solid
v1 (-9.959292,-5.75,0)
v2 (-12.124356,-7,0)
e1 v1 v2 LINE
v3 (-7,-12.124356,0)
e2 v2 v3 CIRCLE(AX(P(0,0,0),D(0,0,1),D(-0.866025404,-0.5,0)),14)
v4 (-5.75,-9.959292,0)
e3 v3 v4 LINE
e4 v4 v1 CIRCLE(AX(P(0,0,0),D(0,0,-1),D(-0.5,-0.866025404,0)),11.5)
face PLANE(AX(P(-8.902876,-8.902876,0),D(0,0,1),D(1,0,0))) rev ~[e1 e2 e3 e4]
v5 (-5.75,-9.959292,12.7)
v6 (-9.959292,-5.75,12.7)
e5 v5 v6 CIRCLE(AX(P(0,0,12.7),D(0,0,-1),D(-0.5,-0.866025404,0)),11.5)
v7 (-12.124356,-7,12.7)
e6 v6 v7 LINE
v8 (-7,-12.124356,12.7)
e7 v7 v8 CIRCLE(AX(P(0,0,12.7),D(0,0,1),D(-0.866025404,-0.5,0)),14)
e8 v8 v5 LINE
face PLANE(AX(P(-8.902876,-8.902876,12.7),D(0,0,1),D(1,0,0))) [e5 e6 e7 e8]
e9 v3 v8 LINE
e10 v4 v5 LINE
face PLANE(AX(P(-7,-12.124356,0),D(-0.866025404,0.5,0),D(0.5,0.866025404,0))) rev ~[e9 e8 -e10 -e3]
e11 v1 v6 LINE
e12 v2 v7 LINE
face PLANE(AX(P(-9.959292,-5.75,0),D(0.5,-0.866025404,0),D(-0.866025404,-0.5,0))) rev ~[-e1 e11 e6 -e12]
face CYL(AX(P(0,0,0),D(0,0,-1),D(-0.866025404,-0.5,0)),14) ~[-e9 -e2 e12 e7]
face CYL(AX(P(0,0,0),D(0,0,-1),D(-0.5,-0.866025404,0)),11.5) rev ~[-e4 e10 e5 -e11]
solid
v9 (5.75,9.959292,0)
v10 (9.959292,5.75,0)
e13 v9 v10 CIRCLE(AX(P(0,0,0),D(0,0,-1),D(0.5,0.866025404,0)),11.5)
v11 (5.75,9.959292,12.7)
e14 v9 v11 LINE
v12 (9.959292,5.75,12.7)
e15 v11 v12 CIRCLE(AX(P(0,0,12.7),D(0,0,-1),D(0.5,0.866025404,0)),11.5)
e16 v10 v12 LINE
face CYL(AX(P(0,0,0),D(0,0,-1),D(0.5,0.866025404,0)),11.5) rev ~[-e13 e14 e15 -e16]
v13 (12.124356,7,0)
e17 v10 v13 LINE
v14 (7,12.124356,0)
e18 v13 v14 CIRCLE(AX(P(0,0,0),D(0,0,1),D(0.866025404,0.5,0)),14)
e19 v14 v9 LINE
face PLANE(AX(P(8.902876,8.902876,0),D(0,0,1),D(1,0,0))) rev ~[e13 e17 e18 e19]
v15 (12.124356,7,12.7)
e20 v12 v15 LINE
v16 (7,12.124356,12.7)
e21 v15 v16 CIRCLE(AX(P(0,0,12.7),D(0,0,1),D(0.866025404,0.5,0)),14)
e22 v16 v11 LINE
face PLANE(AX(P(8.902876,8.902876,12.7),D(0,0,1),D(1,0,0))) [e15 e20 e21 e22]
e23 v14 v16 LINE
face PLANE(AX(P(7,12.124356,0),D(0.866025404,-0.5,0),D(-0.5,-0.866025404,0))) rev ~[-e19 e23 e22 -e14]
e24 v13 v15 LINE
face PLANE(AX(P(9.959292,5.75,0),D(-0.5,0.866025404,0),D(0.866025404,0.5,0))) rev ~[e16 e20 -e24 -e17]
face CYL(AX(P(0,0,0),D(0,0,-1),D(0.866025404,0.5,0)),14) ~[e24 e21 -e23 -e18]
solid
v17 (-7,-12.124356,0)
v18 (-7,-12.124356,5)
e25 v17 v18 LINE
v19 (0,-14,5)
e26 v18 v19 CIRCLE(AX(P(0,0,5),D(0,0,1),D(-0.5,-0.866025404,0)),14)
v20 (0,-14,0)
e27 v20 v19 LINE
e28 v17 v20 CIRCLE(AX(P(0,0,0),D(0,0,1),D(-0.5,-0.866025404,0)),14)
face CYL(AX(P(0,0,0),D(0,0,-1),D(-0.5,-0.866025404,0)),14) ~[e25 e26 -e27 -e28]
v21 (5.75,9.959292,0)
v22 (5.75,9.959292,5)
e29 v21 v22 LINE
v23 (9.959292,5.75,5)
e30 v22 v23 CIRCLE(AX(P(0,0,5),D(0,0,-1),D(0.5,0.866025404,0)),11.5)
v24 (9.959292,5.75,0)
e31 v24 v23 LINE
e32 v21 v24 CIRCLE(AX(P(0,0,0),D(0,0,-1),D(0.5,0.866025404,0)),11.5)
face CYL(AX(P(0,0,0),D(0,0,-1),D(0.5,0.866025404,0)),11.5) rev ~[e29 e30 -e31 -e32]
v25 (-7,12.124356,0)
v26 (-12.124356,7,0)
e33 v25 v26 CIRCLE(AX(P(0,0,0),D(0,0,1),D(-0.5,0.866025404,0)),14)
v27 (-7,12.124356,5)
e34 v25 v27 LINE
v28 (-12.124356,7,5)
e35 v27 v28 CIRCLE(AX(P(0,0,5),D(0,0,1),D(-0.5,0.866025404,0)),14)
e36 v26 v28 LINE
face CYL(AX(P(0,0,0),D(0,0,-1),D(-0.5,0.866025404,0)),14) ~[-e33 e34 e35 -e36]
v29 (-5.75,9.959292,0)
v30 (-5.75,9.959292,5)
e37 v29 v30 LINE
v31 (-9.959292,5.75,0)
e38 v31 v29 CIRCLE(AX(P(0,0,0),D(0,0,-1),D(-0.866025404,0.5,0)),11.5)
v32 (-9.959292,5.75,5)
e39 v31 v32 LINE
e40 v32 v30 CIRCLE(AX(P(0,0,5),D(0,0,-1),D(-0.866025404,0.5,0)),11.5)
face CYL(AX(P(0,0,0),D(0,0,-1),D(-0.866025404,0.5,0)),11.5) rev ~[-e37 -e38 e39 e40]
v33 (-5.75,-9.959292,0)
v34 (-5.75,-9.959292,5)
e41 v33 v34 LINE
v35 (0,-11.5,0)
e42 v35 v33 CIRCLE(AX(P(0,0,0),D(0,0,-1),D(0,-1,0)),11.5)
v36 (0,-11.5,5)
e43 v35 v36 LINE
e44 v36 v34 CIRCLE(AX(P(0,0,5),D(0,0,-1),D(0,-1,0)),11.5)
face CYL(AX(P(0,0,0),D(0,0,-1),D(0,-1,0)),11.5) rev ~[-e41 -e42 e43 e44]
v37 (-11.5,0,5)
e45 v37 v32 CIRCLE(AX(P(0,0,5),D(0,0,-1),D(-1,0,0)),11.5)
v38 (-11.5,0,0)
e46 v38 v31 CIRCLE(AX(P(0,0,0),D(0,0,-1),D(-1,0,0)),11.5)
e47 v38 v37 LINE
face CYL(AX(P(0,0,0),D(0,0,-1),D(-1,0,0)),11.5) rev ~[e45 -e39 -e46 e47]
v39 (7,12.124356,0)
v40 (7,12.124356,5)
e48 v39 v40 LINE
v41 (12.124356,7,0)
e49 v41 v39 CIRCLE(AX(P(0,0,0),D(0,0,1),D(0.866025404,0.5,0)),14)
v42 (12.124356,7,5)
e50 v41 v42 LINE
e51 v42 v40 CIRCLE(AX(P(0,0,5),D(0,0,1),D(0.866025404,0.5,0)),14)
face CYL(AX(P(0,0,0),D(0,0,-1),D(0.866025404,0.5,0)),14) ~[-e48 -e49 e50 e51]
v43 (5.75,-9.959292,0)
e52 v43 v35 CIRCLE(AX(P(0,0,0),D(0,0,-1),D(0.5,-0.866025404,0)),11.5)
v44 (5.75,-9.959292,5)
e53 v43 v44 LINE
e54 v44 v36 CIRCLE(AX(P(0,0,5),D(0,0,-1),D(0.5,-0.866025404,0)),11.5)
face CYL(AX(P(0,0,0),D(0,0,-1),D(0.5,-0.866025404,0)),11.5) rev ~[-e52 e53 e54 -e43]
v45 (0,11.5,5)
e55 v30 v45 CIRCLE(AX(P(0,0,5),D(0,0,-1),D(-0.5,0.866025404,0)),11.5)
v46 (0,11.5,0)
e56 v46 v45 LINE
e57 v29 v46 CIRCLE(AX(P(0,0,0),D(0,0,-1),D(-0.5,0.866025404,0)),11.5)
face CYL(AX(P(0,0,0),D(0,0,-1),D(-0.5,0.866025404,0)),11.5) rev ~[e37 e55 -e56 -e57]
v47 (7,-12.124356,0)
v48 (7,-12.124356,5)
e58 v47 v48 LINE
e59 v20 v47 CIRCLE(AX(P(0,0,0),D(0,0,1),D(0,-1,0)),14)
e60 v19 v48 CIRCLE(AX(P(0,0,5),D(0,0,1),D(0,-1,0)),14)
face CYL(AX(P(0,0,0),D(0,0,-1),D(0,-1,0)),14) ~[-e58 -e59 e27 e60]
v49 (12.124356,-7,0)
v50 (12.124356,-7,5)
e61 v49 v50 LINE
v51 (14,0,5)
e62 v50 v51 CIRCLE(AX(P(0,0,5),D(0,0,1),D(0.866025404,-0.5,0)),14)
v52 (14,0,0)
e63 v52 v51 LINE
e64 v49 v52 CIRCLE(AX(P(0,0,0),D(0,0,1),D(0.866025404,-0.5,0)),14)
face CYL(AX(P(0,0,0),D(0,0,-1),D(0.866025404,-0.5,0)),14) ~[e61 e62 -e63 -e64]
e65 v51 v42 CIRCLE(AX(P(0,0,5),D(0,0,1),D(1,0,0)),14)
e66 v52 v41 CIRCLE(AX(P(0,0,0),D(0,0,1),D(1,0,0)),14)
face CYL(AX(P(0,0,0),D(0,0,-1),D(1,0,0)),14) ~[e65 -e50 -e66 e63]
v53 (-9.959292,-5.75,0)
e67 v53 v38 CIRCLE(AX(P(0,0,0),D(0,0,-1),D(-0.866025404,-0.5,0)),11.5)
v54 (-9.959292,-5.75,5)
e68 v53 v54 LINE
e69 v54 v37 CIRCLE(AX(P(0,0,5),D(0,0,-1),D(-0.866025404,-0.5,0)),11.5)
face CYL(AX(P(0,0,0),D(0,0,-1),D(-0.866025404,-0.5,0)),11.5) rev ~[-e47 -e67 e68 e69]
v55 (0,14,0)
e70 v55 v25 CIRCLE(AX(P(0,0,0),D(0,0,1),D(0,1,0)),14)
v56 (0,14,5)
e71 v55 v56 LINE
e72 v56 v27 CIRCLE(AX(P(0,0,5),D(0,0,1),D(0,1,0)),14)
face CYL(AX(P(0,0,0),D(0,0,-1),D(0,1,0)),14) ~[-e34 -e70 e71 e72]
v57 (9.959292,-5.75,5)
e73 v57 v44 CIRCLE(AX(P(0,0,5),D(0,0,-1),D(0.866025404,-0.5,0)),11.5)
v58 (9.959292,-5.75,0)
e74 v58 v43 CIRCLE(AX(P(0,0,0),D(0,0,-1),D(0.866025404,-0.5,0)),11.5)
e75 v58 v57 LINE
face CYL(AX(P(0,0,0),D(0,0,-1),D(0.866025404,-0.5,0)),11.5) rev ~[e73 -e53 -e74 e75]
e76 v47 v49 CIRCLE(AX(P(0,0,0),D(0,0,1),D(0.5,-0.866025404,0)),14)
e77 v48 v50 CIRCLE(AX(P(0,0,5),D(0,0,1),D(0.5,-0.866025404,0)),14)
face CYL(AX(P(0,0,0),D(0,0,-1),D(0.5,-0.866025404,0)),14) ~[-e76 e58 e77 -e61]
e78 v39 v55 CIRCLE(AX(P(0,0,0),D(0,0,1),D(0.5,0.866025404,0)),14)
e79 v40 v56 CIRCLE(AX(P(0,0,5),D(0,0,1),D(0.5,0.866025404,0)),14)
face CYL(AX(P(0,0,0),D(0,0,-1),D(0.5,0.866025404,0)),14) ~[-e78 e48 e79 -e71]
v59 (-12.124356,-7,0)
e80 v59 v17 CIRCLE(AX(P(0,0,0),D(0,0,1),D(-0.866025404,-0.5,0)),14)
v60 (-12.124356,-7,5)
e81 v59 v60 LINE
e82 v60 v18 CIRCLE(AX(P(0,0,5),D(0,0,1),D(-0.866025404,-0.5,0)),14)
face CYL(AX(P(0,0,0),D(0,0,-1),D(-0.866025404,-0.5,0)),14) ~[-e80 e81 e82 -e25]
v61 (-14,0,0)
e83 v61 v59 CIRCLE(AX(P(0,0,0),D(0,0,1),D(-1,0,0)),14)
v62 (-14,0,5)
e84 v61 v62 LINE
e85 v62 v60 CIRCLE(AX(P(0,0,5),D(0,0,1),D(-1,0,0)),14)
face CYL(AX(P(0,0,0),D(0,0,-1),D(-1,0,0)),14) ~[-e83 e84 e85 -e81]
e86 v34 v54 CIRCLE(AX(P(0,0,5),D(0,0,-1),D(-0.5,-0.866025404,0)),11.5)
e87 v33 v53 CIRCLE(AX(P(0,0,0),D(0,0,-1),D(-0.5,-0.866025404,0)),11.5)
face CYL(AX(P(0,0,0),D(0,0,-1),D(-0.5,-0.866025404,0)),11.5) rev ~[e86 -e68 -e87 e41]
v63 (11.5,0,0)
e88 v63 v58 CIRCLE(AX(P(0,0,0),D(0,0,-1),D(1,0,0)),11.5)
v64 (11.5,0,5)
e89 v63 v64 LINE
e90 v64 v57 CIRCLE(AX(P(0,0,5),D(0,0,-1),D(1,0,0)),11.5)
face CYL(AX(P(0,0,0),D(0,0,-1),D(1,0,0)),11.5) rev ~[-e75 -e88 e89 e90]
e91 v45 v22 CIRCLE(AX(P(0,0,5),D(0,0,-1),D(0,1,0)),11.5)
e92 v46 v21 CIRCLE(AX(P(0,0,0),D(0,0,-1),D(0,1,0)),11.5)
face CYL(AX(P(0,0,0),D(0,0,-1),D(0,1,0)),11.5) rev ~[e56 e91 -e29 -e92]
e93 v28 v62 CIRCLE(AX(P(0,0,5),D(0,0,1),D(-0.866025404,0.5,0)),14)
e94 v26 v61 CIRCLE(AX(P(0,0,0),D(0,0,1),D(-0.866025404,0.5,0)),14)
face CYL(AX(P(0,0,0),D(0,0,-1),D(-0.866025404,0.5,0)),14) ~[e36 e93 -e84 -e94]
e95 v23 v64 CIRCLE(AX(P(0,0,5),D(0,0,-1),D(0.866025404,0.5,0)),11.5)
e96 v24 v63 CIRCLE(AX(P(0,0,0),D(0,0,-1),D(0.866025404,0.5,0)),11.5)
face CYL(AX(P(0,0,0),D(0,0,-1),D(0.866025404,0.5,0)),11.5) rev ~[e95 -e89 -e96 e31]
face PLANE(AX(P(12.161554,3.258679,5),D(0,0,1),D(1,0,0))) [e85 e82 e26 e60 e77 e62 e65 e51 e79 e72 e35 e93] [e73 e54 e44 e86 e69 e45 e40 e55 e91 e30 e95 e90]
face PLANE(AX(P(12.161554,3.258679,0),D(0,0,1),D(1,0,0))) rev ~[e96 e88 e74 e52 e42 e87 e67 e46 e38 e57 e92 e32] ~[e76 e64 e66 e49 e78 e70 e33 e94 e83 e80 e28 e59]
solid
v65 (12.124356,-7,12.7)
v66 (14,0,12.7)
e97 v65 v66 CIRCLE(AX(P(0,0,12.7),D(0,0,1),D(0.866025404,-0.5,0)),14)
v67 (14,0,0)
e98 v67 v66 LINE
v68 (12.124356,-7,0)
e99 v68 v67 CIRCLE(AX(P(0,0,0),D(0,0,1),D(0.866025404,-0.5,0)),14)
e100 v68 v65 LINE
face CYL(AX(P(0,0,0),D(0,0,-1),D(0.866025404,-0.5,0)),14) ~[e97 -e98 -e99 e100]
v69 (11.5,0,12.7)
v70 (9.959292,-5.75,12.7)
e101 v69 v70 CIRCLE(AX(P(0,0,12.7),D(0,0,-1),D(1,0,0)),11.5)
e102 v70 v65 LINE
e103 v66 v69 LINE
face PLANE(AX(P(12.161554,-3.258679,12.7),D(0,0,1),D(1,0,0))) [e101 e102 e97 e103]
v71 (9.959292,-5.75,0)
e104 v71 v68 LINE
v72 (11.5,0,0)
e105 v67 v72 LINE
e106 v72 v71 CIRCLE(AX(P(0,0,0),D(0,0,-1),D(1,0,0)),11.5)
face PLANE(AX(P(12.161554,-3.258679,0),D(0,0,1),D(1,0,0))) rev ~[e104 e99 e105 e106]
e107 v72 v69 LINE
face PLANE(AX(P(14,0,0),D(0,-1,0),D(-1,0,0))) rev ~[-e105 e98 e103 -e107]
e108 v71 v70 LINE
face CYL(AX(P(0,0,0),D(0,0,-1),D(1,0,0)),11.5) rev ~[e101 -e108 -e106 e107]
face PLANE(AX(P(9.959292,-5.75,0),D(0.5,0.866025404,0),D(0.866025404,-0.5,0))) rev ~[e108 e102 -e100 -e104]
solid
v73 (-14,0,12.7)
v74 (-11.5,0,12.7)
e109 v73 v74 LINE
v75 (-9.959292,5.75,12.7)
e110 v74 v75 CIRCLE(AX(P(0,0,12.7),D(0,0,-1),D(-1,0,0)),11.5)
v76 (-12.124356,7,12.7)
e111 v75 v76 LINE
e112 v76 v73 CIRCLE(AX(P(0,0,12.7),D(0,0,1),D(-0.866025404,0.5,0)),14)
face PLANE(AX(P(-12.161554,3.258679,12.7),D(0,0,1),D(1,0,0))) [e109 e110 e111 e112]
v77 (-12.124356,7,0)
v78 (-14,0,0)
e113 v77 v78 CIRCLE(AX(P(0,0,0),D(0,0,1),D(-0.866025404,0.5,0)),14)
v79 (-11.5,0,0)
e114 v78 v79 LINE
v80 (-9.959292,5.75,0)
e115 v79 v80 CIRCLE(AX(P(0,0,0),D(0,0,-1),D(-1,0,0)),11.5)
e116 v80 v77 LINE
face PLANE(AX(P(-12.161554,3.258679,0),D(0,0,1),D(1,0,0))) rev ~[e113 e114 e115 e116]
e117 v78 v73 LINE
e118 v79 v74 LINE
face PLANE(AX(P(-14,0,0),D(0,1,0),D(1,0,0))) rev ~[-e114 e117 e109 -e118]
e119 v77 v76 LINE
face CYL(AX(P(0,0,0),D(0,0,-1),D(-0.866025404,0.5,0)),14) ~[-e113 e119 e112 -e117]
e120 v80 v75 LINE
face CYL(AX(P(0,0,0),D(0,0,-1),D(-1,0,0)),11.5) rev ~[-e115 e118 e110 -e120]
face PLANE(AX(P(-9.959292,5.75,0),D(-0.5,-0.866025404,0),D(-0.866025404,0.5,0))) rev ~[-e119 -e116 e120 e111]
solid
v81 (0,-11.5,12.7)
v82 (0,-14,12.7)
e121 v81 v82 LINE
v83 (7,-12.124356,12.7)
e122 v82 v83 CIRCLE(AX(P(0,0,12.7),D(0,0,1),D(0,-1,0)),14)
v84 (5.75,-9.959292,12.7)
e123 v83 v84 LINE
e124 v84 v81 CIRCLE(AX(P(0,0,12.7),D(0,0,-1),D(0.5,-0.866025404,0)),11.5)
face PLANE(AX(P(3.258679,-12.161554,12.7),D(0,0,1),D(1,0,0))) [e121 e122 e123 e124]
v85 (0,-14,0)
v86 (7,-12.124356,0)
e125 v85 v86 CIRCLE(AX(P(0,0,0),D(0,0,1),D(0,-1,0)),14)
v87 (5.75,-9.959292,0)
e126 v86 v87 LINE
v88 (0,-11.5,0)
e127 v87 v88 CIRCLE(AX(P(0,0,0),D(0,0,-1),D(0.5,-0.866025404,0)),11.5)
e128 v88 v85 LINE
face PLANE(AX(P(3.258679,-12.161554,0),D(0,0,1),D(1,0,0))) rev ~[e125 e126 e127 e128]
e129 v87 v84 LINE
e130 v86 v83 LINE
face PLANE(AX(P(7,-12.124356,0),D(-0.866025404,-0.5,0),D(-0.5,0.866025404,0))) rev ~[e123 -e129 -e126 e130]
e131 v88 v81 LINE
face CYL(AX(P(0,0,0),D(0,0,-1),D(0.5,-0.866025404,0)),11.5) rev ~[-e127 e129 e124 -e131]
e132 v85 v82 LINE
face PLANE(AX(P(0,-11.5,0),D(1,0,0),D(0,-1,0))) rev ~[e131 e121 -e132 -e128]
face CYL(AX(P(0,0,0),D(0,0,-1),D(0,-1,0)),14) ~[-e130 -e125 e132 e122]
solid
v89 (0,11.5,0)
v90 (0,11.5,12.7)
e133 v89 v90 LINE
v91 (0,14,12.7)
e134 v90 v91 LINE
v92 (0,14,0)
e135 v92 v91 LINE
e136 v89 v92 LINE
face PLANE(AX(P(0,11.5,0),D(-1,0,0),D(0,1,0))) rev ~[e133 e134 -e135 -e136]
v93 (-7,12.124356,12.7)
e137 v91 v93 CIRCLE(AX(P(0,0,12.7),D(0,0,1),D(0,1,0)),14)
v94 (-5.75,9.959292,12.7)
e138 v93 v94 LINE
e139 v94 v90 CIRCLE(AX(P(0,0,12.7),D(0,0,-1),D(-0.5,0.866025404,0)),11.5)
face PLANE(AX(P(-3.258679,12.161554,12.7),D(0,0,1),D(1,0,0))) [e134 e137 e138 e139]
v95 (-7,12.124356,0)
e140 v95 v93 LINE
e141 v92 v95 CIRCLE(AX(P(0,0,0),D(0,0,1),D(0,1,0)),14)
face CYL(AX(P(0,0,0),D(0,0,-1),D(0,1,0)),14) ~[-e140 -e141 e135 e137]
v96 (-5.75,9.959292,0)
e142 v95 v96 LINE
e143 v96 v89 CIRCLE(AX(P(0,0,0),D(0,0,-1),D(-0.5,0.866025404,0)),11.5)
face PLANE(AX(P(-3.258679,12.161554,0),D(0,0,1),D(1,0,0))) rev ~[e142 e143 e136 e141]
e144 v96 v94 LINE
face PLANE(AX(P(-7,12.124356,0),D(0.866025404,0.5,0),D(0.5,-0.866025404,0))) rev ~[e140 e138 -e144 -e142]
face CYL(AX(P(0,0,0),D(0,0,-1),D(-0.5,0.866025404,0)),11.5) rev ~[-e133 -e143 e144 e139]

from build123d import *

# Parameters (mm, degrees)
F1_DEPTH = 12.7
F2_DEPTH = 5


with BuildPart() as f1:
    # F0 (on Top) → F1 (new body)
    with BuildSketch(Plane.XY):
        with BuildLine():
            Line((0, 11.5), (0, 14))
            ThreePointArc((0, 14), (-3.6234666314, 13.522961568), (-7, 12.124355653))
            Line((-7, 12.124355653), (-5.75, 9.9592921435))
            ThreePointArc((-5.75, 9.9592921435), (-2.9764190187, 11.1081470023), (0, 11.5))
        make_face()
    extrude(amount=F1_DEPTH)


with BuildPart() as f1b:
    # F0 (on Top) → F1, piece 2 (new body)
    with BuildSketch(Plane.XY):
        with BuildLine():
            Line((-14, 0), (-11.5, 0))
            ThreePointArc((-11.5, 0), (-11.1081470023, 2.9764190187), (-9.9592921435, 5.75))
            Line((-9.9592921435, 5.75), (-12.124355653, 7))
            ThreePointArc((-12.124355653, 7), (-13.522961568, 3.6234666314), (-14, 0))
        make_face()
    extrude(amount=F1_DEPTH)


with BuildPart() as f1c:
    # F0 (on Top) → F1, piece 3 (new body)
    with BuildSketch(Plane.XY):
        with BuildLine():
            Line((9.9592921435, 5.75), (12.124355653, 7))
            ThreePointArc((12.124355653, 7), (9.8994949366, 9.8994949366), (7, 12.124355653))
            Line((7, 12.124355653), (5.75, 9.9592921435))
            ThreePointArc((5.75, 9.9592921435), (8.1317279836, 8.1317279836), (9.9592921435, 5.75))
        make_face()
    extrude(amount=F1_DEPTH)


with BuildPart() as f1d:
    # F0 (on Top) → F1, piece 4 (new body)
    with BuildSketch(Plane.XY):
        with BuildLine():
            ThreePointArc((12.124355653, -7), (13.522961568, -3.6234666314), (14, 0))
            Line((14, 0), (11.5, 0))
            ThreePointArc((11.5, 0), (11.1081470023, -2.9764190187), (9.9592921435, -5.75))
            Line((9.9592921435, -5.75), (12.124355653, -7))
        make_face()
    extrude(amount=F1_DEPTH)


with BuildPart() as f1e:
    # F0 (on Top) → F1, piece 5 (new body)
    with BuildSketch(Plane.XY):
        with BuildLine():
            ThreePointArc((0, -14), (3.6234666314, -13.522961568), (7, -12.124355653))
            Line((7, -12.124355653), (5.75, -9.9592921435))
            ThreePointArc((5.75, -9.9592921435), (2.9764190187, -11.1081470023), (0, -11.5))
            Line((0, -11.5), (0, -14))
        make_face()
    extrude(amount=F1_DEPTH)


with BuildPart() as f1f:
    # F0 (on Top) → F1, piece 6 (new body)
    with BuildSketch(Plane.XY):
        with BuildLine():
            ThreePointArc((-5.75, -9.9592921435), (-8.1317279836, -8.1317279836), (-9.9592921435, -5.75))
            Line((-9.9592921435, -5.75), (-12.124355653, -7))
            ThreePointArc((-12.124355653, -7), (-9.8994949366, -9.8994949366), (-7, -12.124355653))
            Line((-7, -12.124355653), (-5.75, -9.9592921435))
        make_face()
    extrude(amount=F1_DEPTH)


with BuildPart() as f2:
    # F0 (on Top) → F2 (new body)
    with BuildSketch(Plane.XY):
        with BuildLine():
            Line((11.5, 0), (14, 0))
            ThreePointArc((14, 0), (13.522961568, 3.6234666314), (12.124355653, 7))
            Line((12.124355653, 7), (9.9592921435, 5.75))
            ThreePointArc((9.9592921435, 5.75), (11.1081470023, 2.9764190187), (11.5, 0))
        make_face()
        with BuildLine():
            ThreePointArc((12.124355653, -7), (13.522961568, -3.6234666314), (14, 0))
            Line((14, 0), (11.5, 0))
            ThreePointArc((11.5, 0), (11.1081470023, -2.9764190187), (9.9592921435, -5.75))
            Line((9.9592921435, -5.75), (12.124355653, -7))
        make_face()
        with BuildLine():
            Line((9.9592921435, 5.75), (12.124355653, 7))
            ThreePointArc((12.124355653, 7), (9.8994949366, 9.8994949366), (7, 12.124355653))
            Line((7, 12.124355653), (5.75, 9.9592921435))
            ThreePointArc((5.75, 9.9592921435), (8.1317279836, 8.1317279836), (9.9592921435, 5.75))
        make_face()
        with BuildLine():
            ThreePointArc((7, -12.124355653), (9.8994949366, -9.8994949366), (12.124355653, -7))
            Line((12.124355653, -7), (9.9592921435, -5.75))
            ThreePointArc((9.9592921435, -5.75), (8.1317279836, -8.1317279836), (5.75, -9.9592921435))
            Line((5.75, -9.9592921435), (7, -12.124355653))
        make_face()
        with BuildLine():
            Line((5.75, 9.9592921435), (7, 12.124355653))
            ThreePointArc((7, 12.124355653), (3.6234666314, 13.522961568), (0, 14))
            Line((0, 14), (0, 11.5))
            ThreePointArc((0, 11.5), (2.9764190187, 11.1081470023), (5.75, 9.9592921435))
        make_face()
        with BuildLine():
            ThreePointArc((0, -14), (3.6234666314, -13.522961568), (7, -12.124355653))
            Line((7, -12.124355653), (5.75, -9.9592921435))
            ThreePointArc((5.75, -9.9592921435), (2.9764190187, -11.1081470023), (0, -11.5))
            Line((0, -11.5), (0, -14))
        make_face()
        with BuildLine():
            Line((0, 11.5), (0, 14))
            ThreePointArc((0, 14), (-3.6234666314, 13.522961568), (-7, 12.124355653))
            Line((-7, 12.124355653), (-5.75, 9.9592921435))
            ThreePointArc((-5.75, 9.9592921435), (-2.9764190187, 11.1081470023), (0, 11.5))
        make_face()
        with BuildLine():
            ThreePointArc((-7, -12.124355653), (-3.6234666314, -13.522961568), (0, -14))
            Line((0, -14), (0, -11.5))
            ThreePointArc((0, -11.5), (-2.9764190187, -11.1081470023), (-5.75, -9.9592921435))
            Line((-5.75, -9.9592921435), (-7, -12.124355653))
        make_face()
        with BuildLine():
            ThreePointArc((-9.9592921435, -5.75), (-11.1081470023, -2.9764190187), (-11.5, 0))
            Line((-11.5, 0), (-14, 0))
            ThreePointArc((-14, 0), (-13.522961568, -3.6234666314), (-12.124355653, -7))
            Line((-12.124355653, -7), (-9.9592921435, -5.75))
        make_face()
        with BuildLine():
            Line((-14, 0), (-11.5, 0))
            ThreePointArc((-11.5, 0), (-11.1081470023, 2.9764190187), (-9.9592921435, 5.75))
            Line((-9.9592921435, 5.75), (-12.124355653, 7))
            ThreePointArc((-12.124355653, 7), (-13.522961568, 3.6234666314), (-14, 0))
        make_face()
        with BuildLine():
            ThreePointArc((-9.9592921435, 5.75), (-8.1317279836, 8.1317279836), (-5.75, 9.9592921435))
            Line((-5.75, 9.9592921435), (-7, 12.124355653))
            ThreePointArc((-7, 12.124355653), (-9.8994949366, 9.8994949366), (-12.124355653, 7))
            Line((-12.124355653, 7), (-9.9592921435, 5.75))
        make_face()
        with BuildLine():
            ThreePointArc((-5.75, -9.9592921435), (-8.1317279836, -8.1317279836), (-9.9592921435, -5.75))
            Line((-9.9592921435, -5.75), (-12.124355653, -7))
            ThreePointArc((-12.124355653, -7), (-9.8994949366, -9.8994949366), (-7, -12.124355653))
            Line((-7, -12.124355653), (-5.75, -9.9592921435))
        make_face()
    extrude(amount=F2_DEPTH)


solid = Compound([f1.part, f1b.part, f1c.part, f1d.part, f1e.part, f1f.part, f2.part])
